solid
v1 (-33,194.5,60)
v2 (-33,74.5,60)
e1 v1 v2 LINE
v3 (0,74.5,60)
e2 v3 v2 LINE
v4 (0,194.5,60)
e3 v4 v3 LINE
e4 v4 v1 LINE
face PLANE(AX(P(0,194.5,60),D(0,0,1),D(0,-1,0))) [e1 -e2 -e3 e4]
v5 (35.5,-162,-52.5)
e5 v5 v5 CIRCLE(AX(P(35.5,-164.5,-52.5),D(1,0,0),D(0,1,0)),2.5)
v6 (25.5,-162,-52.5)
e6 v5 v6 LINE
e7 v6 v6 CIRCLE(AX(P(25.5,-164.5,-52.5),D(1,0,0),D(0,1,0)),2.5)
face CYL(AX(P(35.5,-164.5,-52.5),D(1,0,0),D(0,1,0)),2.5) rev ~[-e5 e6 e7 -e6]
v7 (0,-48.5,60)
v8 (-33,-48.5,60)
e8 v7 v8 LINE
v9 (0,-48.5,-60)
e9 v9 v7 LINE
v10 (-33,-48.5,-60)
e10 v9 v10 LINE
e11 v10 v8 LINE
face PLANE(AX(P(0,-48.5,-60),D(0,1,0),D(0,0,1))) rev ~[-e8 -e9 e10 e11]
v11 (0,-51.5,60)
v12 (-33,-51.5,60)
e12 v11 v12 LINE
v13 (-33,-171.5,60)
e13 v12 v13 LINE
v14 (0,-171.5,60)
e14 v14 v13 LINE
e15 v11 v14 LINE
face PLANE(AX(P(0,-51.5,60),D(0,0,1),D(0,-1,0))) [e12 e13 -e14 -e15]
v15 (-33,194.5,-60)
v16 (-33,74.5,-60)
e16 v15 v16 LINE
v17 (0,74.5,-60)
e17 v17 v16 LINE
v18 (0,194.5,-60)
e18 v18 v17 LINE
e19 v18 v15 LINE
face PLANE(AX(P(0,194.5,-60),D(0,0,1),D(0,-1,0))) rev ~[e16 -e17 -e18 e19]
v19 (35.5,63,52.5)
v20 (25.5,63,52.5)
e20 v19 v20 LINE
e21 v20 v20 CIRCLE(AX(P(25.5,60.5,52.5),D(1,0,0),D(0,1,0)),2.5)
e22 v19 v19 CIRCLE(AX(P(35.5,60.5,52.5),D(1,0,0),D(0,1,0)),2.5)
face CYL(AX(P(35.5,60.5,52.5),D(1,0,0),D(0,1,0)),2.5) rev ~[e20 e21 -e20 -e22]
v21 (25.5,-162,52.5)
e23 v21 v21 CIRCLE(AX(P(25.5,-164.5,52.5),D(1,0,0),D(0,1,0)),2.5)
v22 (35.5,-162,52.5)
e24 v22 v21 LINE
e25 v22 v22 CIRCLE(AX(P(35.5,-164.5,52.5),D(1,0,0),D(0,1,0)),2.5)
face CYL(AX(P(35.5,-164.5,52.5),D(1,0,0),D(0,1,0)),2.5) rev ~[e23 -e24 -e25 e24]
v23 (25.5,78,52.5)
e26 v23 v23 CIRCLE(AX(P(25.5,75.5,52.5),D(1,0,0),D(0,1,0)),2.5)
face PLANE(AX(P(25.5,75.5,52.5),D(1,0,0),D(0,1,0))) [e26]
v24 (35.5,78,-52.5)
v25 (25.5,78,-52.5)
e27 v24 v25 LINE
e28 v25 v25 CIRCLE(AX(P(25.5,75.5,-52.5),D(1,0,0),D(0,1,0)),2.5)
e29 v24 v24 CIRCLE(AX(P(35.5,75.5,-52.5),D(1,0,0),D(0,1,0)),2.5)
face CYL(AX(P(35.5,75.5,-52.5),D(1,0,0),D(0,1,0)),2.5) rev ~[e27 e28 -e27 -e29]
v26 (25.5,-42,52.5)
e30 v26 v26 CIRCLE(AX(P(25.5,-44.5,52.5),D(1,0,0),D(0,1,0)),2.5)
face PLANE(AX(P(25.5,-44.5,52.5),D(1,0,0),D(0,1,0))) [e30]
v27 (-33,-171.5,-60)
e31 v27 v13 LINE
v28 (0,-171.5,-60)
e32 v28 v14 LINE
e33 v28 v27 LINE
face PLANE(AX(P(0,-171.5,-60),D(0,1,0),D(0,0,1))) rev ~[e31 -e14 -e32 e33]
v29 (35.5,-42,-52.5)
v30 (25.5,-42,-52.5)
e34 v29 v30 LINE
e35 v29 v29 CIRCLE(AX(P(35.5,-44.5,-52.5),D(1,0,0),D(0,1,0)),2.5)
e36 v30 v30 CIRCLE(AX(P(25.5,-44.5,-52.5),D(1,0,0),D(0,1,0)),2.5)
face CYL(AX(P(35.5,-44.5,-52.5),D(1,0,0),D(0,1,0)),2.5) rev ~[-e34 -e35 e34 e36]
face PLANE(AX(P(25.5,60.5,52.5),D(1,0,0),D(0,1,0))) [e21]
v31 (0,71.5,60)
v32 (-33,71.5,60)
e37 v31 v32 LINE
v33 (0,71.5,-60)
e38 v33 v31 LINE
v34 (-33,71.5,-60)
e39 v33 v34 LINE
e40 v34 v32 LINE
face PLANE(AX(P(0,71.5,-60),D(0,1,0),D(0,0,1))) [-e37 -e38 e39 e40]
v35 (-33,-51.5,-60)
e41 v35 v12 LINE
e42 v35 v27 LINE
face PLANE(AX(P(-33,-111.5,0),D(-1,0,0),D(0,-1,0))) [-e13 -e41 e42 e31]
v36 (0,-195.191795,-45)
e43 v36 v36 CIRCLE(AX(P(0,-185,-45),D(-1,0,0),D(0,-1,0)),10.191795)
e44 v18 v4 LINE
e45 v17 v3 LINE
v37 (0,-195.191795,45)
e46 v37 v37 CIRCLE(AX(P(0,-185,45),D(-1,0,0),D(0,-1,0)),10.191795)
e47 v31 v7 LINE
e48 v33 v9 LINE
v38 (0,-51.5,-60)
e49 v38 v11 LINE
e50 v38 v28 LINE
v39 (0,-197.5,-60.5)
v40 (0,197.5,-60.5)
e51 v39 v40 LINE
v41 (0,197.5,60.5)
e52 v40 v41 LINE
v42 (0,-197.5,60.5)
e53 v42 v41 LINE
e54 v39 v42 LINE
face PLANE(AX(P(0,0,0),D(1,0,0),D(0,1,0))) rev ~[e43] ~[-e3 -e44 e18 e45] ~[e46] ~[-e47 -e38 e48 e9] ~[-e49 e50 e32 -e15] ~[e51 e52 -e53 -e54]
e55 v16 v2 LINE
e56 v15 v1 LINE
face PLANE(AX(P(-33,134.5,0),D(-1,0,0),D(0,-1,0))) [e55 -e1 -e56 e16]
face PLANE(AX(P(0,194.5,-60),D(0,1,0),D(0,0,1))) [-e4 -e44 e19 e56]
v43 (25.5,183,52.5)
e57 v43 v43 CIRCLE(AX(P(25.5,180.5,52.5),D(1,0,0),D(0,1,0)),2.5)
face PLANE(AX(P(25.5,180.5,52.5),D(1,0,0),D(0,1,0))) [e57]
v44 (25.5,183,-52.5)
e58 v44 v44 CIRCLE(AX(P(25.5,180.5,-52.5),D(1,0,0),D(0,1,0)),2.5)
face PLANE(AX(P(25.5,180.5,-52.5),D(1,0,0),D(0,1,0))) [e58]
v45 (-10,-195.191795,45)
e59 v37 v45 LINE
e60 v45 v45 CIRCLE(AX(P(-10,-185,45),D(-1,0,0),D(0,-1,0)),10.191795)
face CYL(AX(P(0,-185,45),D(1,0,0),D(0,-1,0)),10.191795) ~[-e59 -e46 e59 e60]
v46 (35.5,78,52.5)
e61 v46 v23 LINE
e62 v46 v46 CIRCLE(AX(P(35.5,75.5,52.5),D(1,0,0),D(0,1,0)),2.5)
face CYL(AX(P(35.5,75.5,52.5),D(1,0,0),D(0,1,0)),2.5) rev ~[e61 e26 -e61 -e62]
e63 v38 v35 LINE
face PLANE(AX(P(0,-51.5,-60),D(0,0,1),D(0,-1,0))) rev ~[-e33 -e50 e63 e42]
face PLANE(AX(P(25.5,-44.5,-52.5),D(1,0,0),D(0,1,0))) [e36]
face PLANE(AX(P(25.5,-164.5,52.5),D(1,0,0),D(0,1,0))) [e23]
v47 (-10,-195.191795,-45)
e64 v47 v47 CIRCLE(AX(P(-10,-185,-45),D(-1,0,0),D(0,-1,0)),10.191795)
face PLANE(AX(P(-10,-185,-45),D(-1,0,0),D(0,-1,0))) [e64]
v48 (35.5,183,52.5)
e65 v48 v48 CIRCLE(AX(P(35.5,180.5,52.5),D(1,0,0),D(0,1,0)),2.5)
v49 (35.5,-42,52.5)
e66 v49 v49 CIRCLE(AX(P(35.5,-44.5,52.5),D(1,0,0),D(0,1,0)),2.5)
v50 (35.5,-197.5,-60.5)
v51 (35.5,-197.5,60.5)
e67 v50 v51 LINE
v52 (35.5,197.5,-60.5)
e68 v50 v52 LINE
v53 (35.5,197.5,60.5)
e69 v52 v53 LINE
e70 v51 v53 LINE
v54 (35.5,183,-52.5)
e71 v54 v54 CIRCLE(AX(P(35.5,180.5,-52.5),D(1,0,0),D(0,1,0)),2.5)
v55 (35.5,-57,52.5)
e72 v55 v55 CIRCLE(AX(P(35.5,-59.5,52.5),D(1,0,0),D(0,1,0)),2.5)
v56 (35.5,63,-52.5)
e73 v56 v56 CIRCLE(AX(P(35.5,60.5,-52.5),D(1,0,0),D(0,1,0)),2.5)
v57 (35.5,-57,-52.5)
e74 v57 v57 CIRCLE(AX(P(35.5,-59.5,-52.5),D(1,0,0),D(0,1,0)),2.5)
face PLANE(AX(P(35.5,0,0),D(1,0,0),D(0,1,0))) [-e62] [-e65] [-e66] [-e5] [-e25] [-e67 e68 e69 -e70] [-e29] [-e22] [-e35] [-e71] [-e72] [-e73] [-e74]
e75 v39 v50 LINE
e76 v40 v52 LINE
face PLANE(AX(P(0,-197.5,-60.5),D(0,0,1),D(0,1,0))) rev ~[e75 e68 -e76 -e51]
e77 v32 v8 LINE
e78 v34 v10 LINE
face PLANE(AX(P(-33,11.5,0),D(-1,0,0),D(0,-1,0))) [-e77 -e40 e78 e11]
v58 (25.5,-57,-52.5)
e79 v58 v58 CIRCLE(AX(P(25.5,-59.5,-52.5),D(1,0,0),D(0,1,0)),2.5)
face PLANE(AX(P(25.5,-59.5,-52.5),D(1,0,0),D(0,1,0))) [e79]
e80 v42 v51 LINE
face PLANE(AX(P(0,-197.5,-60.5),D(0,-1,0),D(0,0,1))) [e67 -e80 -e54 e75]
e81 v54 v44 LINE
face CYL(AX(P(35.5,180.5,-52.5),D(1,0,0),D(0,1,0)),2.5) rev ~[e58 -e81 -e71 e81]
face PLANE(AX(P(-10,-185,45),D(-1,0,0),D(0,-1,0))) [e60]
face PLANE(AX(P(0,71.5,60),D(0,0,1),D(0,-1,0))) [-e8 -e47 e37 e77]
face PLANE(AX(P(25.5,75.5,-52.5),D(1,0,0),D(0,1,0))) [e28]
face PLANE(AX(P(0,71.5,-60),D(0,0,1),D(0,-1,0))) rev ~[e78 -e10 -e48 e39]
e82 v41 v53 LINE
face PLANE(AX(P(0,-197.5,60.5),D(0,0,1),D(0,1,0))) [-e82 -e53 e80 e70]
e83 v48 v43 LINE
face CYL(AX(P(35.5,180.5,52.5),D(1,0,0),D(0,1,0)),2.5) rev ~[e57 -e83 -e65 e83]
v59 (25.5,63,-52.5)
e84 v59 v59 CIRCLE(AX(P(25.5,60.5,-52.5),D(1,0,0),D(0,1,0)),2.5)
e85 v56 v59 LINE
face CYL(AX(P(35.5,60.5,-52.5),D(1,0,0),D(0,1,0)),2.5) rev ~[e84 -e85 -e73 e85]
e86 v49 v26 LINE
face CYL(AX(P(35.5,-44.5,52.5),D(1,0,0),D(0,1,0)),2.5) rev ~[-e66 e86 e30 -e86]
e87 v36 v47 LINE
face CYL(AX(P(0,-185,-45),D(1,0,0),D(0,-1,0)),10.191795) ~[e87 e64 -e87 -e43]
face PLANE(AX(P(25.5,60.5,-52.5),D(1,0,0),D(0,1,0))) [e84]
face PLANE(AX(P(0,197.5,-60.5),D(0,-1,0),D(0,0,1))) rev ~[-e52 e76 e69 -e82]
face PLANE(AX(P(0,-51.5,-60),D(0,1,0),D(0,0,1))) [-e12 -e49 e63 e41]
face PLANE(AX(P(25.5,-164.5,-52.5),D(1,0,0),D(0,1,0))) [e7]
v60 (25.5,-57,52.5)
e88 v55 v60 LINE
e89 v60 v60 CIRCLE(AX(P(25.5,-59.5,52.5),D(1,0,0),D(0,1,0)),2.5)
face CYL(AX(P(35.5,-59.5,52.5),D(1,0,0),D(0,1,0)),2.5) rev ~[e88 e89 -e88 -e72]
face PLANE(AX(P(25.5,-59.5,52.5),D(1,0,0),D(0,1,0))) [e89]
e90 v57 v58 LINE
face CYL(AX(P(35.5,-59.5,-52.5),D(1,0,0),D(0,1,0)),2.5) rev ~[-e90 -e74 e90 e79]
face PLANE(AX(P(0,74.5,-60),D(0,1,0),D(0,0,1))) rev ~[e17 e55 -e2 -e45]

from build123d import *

# Parameters (mm, degrees)
F0_W     = 395
F0_H     = 121
F1_DEPTH = 35.5
F2_W     = 120
F2_H     = 120
F3_DEPTH = 33
F4_R     = 10.191795
F5_DEPTH = 10
F6_R     = 2.5
F7_DEPTH = 10


with BuildPart() as f1:
    # F0 (on Right) → F1 (new body)
    with BuildSketch(Plane.YZ):
        Rectangle(F0_W, F0_H)
    extrude(amount=F1_DEPTH)

    # F2 (on face) → F3 (join)
    with BuildSketch(Plane(origin=(0, 0, 0), x_dir=(0, -1, 0), z_dir=(-1, 0, 0))):
        with Locations((-134.5, 0)):
            Rectangle(F2_W, F2_H)
        with Locations((-11.5, 0)):
            Rectangle(F2_W, F2_H)
        with Locations((111.5, 0)):
            Rectangle(F2_W, F2_H)
    extrude(amount=F3_DEPTH)

    # F4 (on face) → F5 (join)
    with BuildSketch(Plane(origin=(0, 0, 0), x_dir=(0, -1, 0), z_dir=(-1, 0, 0))):
        with Locations((185, 45)):
            Circle(F4_R)
        with Locations((185, -45)):
            Circle(F4_R)
    extrude(amount=F5_DEPTH)

    # F6 (on face) → F7 (cut)
    with BuildSketch(Plane.YZ.offset(35.5)):
        with Locations((180.5, -52.5)):
            Circle(F6_R)
        with Locations((75.5, -52.5)):
            Circle(F6_R)
        with Locations((60.5, -52.5)):
            Circle(F6_R)
        with Locations((180.5, 52.5)):
            Circle(F6_R)
        with Locations((75.5, 52.5)):
            Circle(F6_R)
        with Locations((60.5, 52.5)):
            Circle(F6_R)
        with Locations((-44.5, 52.5)):
            Circle(F6_R)
        with Locations((-59.5, 52.5)):
            Circle(F6_R)
        with Locations((-164.5, 52.5)):
            Circle(F6_R)
        with Locations((-44.5, -52.5)):
            Circle(F6_R)
        with Locations((-164.5, -52.5)):
            Circle(F6_R)
        with Locations((-59.5, -52.5)):
            Circle(F6_R)
    extrude(amount=-F7_DEPTH, mode=Mode.SUBTRACT)


solid = f1.part
